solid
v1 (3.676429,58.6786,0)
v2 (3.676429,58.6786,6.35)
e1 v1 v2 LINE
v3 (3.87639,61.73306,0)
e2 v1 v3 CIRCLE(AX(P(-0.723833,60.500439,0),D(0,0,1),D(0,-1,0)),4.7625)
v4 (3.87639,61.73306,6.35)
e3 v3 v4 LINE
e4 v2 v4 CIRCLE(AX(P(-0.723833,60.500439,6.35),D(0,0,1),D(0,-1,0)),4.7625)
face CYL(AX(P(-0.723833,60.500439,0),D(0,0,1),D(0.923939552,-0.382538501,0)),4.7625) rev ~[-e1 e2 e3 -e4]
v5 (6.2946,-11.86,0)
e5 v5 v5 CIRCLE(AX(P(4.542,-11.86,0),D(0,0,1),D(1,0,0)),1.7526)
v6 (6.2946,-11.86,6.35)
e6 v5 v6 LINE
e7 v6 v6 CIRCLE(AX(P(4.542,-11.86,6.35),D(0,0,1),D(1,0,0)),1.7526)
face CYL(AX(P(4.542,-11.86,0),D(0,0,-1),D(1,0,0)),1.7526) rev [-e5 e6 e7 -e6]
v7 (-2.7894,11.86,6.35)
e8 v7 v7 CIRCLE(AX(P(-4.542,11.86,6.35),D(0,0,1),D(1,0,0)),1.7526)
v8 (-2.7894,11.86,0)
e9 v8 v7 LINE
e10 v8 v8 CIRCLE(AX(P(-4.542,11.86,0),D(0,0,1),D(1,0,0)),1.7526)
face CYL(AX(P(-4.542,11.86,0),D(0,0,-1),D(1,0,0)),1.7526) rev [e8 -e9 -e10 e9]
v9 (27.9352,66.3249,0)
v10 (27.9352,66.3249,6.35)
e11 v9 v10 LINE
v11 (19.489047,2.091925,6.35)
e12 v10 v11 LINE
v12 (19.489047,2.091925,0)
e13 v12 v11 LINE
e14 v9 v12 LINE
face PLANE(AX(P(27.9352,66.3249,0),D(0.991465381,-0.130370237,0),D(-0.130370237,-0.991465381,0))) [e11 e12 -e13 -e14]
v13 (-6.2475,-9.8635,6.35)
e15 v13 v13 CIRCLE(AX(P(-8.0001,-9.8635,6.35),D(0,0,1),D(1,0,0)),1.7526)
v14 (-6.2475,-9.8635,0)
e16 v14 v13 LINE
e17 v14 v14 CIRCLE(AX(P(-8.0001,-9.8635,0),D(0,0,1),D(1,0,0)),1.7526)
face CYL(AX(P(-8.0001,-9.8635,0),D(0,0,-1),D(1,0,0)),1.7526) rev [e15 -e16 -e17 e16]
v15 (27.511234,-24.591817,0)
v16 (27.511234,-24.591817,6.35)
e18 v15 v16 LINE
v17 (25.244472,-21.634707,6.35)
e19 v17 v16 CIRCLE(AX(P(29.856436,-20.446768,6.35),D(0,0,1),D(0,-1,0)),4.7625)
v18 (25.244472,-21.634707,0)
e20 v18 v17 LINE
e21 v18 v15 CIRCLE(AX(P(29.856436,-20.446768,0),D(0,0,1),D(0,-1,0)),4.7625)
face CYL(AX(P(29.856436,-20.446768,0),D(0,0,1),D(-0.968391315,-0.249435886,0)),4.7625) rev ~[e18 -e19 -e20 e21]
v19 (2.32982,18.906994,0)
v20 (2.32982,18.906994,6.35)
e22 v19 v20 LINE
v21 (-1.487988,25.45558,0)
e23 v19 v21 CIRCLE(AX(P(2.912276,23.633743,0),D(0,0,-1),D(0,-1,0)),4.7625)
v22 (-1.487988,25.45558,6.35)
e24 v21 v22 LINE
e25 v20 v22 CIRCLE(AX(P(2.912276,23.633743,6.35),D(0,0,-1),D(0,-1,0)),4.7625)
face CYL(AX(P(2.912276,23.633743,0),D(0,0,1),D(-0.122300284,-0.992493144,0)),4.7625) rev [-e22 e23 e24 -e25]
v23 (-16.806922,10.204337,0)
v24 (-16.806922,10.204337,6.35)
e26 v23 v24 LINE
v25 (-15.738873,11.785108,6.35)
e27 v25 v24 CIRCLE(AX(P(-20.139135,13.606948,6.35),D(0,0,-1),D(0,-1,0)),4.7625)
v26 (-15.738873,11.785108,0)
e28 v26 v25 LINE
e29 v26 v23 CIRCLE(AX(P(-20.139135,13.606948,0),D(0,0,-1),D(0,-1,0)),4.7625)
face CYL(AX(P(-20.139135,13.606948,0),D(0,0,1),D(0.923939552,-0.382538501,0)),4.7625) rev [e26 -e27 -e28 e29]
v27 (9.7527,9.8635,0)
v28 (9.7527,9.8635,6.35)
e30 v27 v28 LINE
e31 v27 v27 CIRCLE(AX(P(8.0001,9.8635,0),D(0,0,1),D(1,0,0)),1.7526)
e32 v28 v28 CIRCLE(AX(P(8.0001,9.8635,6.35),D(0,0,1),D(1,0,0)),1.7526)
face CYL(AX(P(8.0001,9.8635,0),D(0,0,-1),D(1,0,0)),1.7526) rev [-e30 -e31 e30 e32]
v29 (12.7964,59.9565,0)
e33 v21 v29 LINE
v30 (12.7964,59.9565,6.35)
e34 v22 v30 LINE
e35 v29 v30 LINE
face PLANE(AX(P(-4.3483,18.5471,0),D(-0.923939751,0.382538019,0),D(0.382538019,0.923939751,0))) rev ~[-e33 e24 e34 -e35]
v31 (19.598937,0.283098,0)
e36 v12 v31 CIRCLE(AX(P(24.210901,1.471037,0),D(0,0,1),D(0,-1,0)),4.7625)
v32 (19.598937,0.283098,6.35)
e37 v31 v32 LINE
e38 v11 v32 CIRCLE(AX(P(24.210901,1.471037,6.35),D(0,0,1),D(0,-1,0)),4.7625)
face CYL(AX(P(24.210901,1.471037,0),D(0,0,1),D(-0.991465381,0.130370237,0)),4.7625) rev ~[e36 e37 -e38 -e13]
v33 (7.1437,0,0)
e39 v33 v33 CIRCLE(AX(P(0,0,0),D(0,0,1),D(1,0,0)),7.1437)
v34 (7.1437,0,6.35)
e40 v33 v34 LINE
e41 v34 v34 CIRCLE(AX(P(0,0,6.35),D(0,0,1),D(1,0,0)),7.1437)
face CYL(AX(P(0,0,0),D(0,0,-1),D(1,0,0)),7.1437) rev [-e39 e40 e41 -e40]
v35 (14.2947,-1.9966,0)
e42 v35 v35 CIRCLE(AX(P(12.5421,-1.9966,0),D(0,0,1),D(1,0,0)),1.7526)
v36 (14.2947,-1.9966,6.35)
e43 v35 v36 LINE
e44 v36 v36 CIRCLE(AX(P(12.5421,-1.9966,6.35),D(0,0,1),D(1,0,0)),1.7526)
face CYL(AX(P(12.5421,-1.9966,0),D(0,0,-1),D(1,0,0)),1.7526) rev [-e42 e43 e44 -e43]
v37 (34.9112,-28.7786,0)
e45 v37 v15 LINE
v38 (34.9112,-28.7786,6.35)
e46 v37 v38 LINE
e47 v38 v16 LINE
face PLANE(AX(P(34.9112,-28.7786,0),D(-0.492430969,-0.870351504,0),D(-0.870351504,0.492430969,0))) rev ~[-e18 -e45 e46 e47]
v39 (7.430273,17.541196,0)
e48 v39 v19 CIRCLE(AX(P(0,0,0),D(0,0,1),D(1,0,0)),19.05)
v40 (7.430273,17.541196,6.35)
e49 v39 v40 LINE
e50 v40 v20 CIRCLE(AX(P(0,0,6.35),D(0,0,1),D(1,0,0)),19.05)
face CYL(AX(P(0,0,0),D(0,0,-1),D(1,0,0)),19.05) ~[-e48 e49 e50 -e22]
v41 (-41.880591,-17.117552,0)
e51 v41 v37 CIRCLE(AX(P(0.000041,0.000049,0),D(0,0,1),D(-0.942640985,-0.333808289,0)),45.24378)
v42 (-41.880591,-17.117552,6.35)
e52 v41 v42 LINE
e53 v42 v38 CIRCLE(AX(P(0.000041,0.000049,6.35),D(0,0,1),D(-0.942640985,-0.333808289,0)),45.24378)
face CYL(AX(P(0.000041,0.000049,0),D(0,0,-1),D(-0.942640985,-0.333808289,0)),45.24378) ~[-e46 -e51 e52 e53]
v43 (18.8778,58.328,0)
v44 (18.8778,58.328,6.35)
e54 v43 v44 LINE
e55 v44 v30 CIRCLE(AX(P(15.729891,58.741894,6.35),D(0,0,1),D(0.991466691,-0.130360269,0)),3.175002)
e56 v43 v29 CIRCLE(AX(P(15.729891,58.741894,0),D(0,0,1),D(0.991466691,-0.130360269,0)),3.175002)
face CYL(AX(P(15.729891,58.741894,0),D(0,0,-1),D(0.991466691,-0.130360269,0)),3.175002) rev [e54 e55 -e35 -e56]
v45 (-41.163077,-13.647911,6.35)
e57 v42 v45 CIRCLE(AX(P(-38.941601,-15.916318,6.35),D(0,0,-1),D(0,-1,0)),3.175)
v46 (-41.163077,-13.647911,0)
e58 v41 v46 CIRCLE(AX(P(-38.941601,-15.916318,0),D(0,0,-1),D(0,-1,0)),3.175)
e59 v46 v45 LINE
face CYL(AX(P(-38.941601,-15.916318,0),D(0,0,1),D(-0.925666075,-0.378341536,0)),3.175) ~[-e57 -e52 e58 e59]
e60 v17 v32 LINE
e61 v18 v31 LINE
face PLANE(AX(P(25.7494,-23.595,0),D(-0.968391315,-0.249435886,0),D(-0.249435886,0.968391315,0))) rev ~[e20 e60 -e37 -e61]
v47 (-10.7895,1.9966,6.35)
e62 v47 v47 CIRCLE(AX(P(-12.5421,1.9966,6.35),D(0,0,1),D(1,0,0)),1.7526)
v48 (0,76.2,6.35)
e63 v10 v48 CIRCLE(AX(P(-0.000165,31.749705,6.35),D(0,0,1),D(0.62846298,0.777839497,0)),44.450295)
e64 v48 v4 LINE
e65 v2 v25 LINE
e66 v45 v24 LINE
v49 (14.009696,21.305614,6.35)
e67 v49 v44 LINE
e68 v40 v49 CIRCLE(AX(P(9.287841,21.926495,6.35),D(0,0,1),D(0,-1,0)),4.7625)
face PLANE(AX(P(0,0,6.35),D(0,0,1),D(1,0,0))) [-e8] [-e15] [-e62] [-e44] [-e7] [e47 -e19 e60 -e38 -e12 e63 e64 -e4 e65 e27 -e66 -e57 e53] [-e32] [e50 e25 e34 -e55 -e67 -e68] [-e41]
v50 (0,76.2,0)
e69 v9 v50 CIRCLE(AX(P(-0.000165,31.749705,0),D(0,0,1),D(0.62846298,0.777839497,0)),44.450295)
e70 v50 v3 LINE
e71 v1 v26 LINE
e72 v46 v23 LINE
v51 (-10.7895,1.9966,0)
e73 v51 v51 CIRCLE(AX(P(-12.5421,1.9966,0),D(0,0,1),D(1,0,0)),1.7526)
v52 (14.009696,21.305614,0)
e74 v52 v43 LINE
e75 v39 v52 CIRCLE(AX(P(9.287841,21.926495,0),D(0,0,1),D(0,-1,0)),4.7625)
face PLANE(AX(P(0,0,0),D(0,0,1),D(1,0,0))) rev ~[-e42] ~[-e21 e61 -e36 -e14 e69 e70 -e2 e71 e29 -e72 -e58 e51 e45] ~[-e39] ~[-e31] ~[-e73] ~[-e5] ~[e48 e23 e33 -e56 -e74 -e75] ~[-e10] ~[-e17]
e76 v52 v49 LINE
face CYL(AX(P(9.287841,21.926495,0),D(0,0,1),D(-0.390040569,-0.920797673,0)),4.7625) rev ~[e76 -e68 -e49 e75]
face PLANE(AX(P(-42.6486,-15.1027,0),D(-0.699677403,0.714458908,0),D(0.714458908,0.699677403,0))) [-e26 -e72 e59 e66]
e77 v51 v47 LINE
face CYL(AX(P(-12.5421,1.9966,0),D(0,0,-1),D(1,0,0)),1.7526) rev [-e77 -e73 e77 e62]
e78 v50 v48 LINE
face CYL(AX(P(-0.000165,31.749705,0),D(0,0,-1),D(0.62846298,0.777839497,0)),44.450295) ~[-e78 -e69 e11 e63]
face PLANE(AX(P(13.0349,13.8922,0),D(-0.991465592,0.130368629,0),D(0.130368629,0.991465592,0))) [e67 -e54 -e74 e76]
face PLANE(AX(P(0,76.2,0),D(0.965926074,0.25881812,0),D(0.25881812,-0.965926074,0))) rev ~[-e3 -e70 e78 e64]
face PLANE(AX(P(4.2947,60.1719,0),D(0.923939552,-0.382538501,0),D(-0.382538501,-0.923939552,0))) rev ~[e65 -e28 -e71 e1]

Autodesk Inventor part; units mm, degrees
ref_plane "YZ Plane" through (0, 0, 0) normal (1, 0, 0) x (0, 1, 0)
ref_plane "XZ Plane" through (0, 0, 0) normal (0, 1, 0) x (-1, 0, 0)
ref_plane "XY Plane" through (0, 0, 0) normal (0, 0, 1) x (1, 0, 0)
sketch "Sketch1" plane through (0, 0, 0) normal (0, 0, 1) x (1, 0, 0)
  circle A0 centre (0, 0) radius 76.2 construction
  circle A1 centre (0, 0) radius 7.1437
  circle A2 centre (0, 0) radius 12.7 construction
  circle A3 centre (0, 0) radius 19.05
  line L0 (0, 76.2) -> (0, 0) construction
  line L1 (0, 76.2) -> (4.2947, 60.1719)
  line L2 (4.2947, 60.1719) -> (-17.6011, 7.2873)
  circle A4 centre (0, 0) radius 60.325 construction
  arc A5 (27.9352, 66.3249) -> (0, 76.2) centre (0, 31.75) ccw
  line L3 (27.9352, 66.3249) -> (18.8874, -2.4836)
  circle A6 centre (0, 0) radius 45.2437 construction
  line L4 (34.9112, -28.7786) -> (0, 0) construction
  line L5 (34.9112, -28.7786) -> (25.7494, -23.595)
  line L6 (25.7494, -23.595) -> (18.4479, 4.7518)
  circle A7 centre (0, 0) radius 34.925 construction
  arc A8 (-42.6486, -15.1027) -> (34.9112, -28.7786) centre (0, 0) ccw
  line L7 (-42.6486, -15.1027) -> (-13.3288, 13.6105)
  line L8 (-42.6486, -15.1027) -> (0, 0) construction
  line L9 (-4.3483, 18.5471) -> (12.7964, 59.9565)
  line L10 (13.0349, 13.8922) -> (18.8778, 58.328)
  arc A9 (18.8778, 58.328) -> (12.7964, 59.9565) centre (15.7299, 58.7419) ccw
  line L11 (-10.5232, 7.11) -> (0, 0) construction
  line L12 (0, 0) -> (-4.542, 11.86) construction
  circle A10 centre (-4.542, 11.86) radius 1.7526
  circle A11 centre (-12.5421, 1.9966) radius 1.7526
  circle A12 centre (-8.0001, -9.8635) radius 1.7526
  circle A13 centre (4.542, -11.86) radius 1.7526
  circle A14 centre (12.5421, -1.9966) radius 1.7526
  circle A15 centre (8.0001, 9.8635) radius 1.7526
  point P0 (19.3687, 1.1767)
  point P1 (-15.8759, 11.4541)
  point P2 (-16.1113, 10.8856)
  dimension "d0" = 152.4
  dimension "d14" = 15.875
  dimension "d17" = 69.85
  dimension "d1" = 14.2875
  dimension "d2" = 25.4
  dimension "d8" = 38.1
  dimension "d9" = 15
  dimension "d11" = 44.45
  dimension "d12" = 15
  dimension "d15" = 90.4875
  dimension "d16" = 10
  dimension "d18" = 50.5
  dimension "d19" = 121
  dimension "d28" = 7.9375
  dimension "d29" = 7.9375
  dimension "d30" = 3.175
  dimension "d31" = 35
  dimension "d32" = 3.5052
  dimension "d35" = 360
extrude "Extrusion1" add sketch "Sketch1" along normal blind 6.35 contours A3 | A3 L6 L3 | A3 L10 A9 L9 L7 L2 L1 A5 L3 L6 | L3 L6 L5 A8 L7 L2 A3 | L2 L7 A3
fillet "Fillet1" radius 4.7625 6 edges at (19.3687, 1.1767, 3.175) (25.7494, -23.595, 3.175) (4.2947, 60.1719, 3.175) (-4.3483, 18.5471, 3.175) (13.0349, 13.8922, 3.175) (-16.1113, 10.8856, 3.175)
fillet "Fillet3" radius 3.175 1 edges at (-42.6486, -15.1027, 3.175)
sketch "Sketch2" plane through (0, 0, 6.35) normal (0, 0, 1) x (1, 0, 0)
  arc A0 (27.9352, 66.3249) -> (0, 76.2) centre (0, 31.75) ccw construction
  circle A1 centre (0, 0) radius 76.2 construction
equation "\"d29\" = d28"
properties part number "Blade" material "Steel, Alloy"
